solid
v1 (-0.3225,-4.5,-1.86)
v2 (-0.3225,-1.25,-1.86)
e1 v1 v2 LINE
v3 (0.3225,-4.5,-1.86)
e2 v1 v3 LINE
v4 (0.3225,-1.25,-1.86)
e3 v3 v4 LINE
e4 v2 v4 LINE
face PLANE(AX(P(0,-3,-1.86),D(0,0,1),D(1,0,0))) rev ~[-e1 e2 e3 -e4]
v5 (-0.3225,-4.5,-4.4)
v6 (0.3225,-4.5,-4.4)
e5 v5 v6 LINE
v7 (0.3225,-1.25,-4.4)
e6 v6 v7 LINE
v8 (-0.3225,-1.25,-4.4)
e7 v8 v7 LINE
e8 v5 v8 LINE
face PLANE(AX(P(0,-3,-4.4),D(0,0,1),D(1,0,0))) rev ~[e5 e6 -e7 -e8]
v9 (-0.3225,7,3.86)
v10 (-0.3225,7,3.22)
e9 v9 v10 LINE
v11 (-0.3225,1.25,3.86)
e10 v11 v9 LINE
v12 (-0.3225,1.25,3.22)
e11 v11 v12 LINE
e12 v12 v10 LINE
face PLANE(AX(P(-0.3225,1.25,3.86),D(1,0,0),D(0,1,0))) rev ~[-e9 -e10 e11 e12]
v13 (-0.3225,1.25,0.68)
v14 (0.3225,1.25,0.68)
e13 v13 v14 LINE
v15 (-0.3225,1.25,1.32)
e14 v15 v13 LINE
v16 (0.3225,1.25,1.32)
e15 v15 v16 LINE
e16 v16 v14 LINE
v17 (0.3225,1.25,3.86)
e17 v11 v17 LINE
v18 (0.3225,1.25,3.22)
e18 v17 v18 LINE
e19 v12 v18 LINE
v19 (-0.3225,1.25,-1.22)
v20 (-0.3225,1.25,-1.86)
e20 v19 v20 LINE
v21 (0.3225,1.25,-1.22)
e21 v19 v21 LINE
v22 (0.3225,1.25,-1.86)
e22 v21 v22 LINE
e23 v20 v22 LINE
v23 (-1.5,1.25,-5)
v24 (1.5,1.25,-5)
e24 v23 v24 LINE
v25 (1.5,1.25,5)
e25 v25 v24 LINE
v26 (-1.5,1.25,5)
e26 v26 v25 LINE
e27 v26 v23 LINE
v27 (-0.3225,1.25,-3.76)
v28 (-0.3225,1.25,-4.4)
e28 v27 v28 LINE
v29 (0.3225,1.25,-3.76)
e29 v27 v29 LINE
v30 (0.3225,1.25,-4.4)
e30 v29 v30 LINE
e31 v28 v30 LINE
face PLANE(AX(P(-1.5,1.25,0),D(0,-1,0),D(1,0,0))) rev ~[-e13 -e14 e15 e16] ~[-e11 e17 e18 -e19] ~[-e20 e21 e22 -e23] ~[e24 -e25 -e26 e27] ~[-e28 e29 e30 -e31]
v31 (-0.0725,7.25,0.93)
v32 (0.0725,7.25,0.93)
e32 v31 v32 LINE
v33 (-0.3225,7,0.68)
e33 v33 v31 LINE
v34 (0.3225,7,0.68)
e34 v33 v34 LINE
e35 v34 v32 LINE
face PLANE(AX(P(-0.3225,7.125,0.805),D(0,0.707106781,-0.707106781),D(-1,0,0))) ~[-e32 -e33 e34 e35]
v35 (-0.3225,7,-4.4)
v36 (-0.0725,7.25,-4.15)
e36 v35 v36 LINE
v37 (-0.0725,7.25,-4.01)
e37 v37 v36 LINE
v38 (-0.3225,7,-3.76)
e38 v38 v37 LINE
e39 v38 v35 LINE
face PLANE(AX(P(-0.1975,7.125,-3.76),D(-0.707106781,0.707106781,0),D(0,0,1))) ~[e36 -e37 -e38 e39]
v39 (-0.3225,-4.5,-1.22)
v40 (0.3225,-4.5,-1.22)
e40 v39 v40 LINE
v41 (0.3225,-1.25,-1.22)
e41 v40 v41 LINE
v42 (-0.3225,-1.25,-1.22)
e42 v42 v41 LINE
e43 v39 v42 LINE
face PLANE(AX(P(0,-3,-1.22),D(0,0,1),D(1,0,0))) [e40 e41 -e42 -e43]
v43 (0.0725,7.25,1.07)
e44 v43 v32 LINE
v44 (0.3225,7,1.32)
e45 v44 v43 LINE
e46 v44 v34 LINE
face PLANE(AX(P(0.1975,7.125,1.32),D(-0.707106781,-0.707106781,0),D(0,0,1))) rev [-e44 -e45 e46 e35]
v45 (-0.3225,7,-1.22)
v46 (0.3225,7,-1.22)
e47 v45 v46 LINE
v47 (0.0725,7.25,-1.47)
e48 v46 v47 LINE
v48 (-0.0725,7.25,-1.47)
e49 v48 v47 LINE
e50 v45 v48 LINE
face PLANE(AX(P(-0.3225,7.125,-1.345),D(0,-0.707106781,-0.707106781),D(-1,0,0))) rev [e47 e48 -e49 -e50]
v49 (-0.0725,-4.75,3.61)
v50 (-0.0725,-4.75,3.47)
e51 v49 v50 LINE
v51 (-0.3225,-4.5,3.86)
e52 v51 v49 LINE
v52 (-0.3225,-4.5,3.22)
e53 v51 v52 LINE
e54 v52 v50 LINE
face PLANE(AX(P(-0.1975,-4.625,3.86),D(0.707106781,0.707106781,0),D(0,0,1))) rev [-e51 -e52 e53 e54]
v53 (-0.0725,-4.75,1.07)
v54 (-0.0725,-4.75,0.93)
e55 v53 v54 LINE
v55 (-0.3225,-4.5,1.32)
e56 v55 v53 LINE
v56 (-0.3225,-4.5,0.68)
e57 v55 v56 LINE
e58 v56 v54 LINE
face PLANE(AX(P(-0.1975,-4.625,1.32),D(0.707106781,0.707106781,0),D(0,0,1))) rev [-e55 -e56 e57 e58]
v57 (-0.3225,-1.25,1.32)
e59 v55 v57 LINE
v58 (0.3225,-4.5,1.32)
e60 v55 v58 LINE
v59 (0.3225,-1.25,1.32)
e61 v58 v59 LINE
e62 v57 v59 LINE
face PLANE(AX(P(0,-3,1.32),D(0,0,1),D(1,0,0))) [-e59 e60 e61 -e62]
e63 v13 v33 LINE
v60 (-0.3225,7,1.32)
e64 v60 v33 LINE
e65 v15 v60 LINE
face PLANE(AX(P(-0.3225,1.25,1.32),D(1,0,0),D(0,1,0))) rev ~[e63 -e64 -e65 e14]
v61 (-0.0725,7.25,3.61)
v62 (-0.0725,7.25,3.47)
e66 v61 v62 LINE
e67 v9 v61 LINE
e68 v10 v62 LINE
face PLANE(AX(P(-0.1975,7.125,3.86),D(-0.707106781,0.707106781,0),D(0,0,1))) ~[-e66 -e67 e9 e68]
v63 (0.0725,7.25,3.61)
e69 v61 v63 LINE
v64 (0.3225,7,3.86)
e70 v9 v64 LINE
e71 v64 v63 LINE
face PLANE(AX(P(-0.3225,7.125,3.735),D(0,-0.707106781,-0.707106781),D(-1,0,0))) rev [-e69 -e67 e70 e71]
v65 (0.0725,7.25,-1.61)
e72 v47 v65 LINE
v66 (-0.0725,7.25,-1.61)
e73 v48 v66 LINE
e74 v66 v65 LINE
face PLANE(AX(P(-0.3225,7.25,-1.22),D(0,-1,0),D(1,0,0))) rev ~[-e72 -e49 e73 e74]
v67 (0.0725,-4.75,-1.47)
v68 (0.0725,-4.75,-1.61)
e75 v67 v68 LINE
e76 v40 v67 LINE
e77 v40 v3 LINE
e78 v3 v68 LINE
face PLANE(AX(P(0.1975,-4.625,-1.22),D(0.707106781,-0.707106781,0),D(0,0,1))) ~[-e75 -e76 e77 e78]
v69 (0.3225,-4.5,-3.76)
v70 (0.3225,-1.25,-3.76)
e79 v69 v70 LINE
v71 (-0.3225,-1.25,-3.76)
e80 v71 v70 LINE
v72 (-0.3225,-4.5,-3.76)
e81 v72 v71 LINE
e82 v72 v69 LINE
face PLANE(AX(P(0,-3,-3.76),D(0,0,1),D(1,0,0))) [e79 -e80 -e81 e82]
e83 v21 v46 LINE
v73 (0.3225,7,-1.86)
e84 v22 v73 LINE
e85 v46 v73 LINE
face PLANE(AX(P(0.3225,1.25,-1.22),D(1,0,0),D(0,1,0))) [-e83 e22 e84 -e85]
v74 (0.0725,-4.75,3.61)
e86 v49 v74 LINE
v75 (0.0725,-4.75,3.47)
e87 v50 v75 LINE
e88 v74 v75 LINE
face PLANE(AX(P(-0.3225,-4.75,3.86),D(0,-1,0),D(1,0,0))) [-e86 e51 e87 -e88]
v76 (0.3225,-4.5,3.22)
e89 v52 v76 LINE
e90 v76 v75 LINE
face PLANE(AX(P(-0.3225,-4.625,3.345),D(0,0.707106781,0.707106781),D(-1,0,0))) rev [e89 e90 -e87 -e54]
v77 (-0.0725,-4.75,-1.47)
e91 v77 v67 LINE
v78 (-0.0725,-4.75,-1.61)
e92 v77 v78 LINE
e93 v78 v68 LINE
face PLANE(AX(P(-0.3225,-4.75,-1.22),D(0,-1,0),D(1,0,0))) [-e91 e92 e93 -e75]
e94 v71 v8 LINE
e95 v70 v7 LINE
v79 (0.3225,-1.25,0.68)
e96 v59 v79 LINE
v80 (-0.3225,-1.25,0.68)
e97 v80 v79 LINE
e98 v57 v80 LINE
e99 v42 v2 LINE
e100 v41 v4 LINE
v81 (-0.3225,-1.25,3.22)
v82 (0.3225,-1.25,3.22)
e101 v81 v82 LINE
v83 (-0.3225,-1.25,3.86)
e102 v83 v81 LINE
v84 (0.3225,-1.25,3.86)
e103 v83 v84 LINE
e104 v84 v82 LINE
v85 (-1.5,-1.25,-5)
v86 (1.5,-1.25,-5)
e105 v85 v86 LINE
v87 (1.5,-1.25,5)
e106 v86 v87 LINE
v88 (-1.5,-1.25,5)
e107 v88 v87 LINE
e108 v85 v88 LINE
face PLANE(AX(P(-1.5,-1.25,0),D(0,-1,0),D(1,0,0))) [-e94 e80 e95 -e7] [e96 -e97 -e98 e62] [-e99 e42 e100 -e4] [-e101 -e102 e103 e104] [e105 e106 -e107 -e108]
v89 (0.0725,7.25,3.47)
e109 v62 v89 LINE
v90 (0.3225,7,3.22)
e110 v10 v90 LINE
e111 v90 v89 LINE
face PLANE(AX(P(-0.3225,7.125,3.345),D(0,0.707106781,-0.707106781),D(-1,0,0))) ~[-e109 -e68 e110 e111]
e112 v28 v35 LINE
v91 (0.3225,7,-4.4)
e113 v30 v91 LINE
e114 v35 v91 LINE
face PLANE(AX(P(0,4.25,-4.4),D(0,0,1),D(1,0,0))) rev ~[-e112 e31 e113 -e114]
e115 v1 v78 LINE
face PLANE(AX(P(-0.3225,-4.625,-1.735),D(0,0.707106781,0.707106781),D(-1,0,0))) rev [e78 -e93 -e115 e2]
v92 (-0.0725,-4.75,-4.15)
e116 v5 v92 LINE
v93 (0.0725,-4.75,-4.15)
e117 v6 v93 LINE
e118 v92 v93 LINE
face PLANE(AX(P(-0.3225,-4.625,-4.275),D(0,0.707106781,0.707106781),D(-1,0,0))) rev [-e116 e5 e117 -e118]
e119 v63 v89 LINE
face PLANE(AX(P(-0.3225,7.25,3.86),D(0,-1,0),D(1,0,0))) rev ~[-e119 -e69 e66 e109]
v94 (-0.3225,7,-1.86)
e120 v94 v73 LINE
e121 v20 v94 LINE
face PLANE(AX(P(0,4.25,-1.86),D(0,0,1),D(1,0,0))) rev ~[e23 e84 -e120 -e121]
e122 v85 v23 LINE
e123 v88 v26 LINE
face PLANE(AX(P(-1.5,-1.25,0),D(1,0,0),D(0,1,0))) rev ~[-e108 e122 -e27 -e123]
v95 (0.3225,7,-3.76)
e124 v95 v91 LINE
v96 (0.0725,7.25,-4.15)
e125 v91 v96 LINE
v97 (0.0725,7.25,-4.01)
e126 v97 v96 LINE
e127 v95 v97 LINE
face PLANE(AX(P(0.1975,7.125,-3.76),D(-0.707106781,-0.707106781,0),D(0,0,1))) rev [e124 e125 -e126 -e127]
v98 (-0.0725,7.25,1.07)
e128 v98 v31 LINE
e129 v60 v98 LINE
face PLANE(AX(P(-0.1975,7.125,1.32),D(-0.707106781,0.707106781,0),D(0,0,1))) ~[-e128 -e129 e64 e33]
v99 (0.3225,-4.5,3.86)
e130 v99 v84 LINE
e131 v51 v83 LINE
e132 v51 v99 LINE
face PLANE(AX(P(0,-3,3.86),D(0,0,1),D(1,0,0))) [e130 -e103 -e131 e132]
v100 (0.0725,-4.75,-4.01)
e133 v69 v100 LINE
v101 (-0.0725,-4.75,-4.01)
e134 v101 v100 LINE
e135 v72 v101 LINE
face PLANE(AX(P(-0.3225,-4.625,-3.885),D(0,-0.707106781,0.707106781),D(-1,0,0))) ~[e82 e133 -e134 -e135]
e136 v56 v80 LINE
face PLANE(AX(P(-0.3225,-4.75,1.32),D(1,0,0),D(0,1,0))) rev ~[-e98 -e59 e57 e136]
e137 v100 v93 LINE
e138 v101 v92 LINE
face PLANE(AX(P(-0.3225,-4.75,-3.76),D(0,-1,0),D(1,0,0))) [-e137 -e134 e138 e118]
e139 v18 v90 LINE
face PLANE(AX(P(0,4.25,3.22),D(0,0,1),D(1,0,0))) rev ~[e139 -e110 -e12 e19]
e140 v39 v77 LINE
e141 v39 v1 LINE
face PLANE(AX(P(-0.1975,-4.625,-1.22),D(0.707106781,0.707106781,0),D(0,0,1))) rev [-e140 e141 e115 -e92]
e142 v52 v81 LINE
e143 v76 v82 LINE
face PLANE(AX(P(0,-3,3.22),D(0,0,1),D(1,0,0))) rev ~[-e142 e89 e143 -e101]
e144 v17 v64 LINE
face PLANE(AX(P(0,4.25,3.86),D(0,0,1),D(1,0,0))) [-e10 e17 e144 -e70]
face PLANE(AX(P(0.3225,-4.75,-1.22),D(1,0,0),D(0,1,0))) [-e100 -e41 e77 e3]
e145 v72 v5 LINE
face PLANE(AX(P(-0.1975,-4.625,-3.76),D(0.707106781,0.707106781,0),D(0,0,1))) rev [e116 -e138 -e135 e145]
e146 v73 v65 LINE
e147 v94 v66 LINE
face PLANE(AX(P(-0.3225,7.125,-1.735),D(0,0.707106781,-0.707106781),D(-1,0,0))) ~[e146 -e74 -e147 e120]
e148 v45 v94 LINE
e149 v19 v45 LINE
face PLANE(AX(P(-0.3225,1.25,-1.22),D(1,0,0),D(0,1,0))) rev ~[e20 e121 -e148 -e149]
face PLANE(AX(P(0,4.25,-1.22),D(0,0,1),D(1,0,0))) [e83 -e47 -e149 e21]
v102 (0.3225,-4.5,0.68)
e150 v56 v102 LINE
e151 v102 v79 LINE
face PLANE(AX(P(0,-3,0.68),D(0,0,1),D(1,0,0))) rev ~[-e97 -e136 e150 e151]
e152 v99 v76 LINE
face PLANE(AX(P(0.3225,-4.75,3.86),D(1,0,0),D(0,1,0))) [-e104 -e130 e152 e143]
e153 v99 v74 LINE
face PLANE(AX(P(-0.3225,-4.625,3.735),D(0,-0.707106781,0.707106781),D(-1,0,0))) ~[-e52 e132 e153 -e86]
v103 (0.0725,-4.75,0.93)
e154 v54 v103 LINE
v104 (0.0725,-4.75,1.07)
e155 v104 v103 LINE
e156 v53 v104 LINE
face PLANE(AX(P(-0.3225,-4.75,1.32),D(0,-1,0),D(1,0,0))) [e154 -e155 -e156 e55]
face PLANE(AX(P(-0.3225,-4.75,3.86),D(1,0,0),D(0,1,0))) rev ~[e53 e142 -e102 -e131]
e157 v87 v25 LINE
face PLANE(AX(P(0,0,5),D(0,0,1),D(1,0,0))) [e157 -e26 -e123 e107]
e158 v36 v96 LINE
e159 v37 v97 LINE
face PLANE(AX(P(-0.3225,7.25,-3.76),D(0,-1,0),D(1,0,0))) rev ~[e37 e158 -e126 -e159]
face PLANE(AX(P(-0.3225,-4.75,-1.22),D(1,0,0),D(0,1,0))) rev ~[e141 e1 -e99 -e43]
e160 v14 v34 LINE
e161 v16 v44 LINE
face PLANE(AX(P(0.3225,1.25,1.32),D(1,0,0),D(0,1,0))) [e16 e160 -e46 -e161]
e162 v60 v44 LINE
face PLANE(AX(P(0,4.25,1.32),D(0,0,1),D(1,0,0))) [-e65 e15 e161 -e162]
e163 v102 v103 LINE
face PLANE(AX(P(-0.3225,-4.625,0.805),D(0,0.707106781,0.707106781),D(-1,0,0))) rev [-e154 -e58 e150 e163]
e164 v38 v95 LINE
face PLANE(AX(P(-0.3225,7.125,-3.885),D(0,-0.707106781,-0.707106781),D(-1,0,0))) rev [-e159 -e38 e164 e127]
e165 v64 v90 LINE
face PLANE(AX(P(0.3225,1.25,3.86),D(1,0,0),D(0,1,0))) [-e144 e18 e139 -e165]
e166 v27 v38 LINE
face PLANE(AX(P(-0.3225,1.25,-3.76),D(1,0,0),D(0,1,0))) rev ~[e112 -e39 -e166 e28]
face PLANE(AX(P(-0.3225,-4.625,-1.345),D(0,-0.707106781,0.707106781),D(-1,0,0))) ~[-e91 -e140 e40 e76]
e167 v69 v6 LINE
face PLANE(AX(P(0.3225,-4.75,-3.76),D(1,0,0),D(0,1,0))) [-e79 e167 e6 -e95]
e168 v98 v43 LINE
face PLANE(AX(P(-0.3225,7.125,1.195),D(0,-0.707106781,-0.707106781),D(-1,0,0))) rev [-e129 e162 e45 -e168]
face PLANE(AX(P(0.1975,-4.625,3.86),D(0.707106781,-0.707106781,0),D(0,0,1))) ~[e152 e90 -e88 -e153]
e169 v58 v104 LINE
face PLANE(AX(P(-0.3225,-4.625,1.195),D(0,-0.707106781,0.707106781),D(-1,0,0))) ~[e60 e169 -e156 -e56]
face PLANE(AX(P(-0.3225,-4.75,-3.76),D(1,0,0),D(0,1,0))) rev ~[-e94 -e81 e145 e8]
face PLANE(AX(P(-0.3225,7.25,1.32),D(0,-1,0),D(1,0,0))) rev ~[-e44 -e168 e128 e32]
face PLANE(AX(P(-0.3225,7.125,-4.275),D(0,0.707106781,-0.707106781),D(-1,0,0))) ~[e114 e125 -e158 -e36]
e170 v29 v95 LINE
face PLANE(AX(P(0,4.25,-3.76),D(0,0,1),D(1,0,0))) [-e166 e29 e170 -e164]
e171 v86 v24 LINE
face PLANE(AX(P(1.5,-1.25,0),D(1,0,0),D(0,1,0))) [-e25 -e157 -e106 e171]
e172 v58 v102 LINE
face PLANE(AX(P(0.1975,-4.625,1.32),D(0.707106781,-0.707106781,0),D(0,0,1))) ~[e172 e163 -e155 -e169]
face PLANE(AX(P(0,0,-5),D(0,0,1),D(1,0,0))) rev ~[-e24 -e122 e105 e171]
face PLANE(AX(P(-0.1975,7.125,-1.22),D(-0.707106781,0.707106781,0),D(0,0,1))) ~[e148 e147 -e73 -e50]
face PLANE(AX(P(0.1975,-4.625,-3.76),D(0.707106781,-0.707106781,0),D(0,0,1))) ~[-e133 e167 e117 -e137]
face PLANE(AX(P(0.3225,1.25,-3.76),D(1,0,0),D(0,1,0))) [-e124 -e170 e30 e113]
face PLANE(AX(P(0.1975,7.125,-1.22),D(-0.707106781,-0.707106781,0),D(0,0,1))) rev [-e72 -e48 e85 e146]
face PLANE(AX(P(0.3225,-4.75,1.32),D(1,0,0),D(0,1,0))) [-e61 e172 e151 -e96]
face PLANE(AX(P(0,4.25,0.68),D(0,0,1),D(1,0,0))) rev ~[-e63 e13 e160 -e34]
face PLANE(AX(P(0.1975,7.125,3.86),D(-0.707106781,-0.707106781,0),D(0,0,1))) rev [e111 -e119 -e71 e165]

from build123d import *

# Parameters (mm, degrees)
SKETCH1_W       = 3
SKETCH1_H       = 2.5
EXTRUDE1_DEPTH  = 5
SKETCH2_W       = 0.645
SKETCH2_H       = 6
SKETCH2_H_2     = 3.5
EXTRUDE2_DEPTH  = 0.64
LPATTERN1_COUNT = 4
LPATTERN1_PITCH = 2.54
CHAMFER1_SIZE   = 0.25


with BuildPart() as part:
    # Sketch1 → Extrude1 (new, symmetric)
    with BuildSketch(Plane.XY):
        Rectangle(SKETCH1_W, SKETCH1_H)
    extrude(amount=EXTRUDE1_DEPTH, both=True)

    # Sketch2 → Extrude2 (add)
    with BuildSketch(Plane.XY.offset(3.86)):
        with Locations((0, 4.25)):
            Rectangle(SKETCH2_W, SKETCH2_H)
        with Locations((0, -3)):
            Rectangle(SKETCH2_W, SKETCH2_H_2)
    extrude2 = extrude(amount=-EXTRUDE2_DEPTH)

    # LPattern1: Extrude2 ×4
    with Locations(*[(0, 0, -i * LPATTERN1_PITCH) for i in range(1, LPATTERN1_COUNT)]):
        add(extrude2)

    # Chamfer1
    chamfer1_edges = [part.edges().sort_by_distance(p)[0] for p in [
        (0.3225, 7.25, 3.54),
        (0, 7.25, 3.22),
        (-0.3225, 7.25, 3.54),
        (0, 7.25, 3.86),
        (0, -4.75, 3.22),
        (0.3225, -4.75, 3.54),
        (-0.3225, -4.75, 3.54),
        (0, -4.75, 3.86),
        (0.3225, 7.25, 1),
        (0, 7.25, 0.68),
        (-0.3225, 7.25, 1),
        (0, 7.25, 1.32),
        (0, -4.75, 0.68),
        (0.3225, -4.75, 1),
        (-0.3225, -4.75, 1),
        (0, -4.75, 1.32),
        (0.3225, 7.25, -1.54),
        (0, 7.25, -1.86),
        (-0.3225, 7.25, -1.54),
        (0, 7.25, -1.22),
        (0, -4.75, -1.86),
        (0.3225, -4.75, -1.54),
        (-0.3225, -4.75, -1.54),
        (0, -4.75, -1.22),
        (0.3225, 7.25, -4.08),
        (0, 7.25, -4.4),
        (-0.3225, 7.25, -4.08),
        (0, 7.25, -3.76),
        (0, -4.75, -4.4),
        (0.3225, -4.75, -4.08),
        (-0.3225, -4.75, -4.08),
        (0, -4.75, -3.76),
    ]]
    chamfer(chamfer1_edges, length=CHAMFER1_SIZE)


solid = part.part
